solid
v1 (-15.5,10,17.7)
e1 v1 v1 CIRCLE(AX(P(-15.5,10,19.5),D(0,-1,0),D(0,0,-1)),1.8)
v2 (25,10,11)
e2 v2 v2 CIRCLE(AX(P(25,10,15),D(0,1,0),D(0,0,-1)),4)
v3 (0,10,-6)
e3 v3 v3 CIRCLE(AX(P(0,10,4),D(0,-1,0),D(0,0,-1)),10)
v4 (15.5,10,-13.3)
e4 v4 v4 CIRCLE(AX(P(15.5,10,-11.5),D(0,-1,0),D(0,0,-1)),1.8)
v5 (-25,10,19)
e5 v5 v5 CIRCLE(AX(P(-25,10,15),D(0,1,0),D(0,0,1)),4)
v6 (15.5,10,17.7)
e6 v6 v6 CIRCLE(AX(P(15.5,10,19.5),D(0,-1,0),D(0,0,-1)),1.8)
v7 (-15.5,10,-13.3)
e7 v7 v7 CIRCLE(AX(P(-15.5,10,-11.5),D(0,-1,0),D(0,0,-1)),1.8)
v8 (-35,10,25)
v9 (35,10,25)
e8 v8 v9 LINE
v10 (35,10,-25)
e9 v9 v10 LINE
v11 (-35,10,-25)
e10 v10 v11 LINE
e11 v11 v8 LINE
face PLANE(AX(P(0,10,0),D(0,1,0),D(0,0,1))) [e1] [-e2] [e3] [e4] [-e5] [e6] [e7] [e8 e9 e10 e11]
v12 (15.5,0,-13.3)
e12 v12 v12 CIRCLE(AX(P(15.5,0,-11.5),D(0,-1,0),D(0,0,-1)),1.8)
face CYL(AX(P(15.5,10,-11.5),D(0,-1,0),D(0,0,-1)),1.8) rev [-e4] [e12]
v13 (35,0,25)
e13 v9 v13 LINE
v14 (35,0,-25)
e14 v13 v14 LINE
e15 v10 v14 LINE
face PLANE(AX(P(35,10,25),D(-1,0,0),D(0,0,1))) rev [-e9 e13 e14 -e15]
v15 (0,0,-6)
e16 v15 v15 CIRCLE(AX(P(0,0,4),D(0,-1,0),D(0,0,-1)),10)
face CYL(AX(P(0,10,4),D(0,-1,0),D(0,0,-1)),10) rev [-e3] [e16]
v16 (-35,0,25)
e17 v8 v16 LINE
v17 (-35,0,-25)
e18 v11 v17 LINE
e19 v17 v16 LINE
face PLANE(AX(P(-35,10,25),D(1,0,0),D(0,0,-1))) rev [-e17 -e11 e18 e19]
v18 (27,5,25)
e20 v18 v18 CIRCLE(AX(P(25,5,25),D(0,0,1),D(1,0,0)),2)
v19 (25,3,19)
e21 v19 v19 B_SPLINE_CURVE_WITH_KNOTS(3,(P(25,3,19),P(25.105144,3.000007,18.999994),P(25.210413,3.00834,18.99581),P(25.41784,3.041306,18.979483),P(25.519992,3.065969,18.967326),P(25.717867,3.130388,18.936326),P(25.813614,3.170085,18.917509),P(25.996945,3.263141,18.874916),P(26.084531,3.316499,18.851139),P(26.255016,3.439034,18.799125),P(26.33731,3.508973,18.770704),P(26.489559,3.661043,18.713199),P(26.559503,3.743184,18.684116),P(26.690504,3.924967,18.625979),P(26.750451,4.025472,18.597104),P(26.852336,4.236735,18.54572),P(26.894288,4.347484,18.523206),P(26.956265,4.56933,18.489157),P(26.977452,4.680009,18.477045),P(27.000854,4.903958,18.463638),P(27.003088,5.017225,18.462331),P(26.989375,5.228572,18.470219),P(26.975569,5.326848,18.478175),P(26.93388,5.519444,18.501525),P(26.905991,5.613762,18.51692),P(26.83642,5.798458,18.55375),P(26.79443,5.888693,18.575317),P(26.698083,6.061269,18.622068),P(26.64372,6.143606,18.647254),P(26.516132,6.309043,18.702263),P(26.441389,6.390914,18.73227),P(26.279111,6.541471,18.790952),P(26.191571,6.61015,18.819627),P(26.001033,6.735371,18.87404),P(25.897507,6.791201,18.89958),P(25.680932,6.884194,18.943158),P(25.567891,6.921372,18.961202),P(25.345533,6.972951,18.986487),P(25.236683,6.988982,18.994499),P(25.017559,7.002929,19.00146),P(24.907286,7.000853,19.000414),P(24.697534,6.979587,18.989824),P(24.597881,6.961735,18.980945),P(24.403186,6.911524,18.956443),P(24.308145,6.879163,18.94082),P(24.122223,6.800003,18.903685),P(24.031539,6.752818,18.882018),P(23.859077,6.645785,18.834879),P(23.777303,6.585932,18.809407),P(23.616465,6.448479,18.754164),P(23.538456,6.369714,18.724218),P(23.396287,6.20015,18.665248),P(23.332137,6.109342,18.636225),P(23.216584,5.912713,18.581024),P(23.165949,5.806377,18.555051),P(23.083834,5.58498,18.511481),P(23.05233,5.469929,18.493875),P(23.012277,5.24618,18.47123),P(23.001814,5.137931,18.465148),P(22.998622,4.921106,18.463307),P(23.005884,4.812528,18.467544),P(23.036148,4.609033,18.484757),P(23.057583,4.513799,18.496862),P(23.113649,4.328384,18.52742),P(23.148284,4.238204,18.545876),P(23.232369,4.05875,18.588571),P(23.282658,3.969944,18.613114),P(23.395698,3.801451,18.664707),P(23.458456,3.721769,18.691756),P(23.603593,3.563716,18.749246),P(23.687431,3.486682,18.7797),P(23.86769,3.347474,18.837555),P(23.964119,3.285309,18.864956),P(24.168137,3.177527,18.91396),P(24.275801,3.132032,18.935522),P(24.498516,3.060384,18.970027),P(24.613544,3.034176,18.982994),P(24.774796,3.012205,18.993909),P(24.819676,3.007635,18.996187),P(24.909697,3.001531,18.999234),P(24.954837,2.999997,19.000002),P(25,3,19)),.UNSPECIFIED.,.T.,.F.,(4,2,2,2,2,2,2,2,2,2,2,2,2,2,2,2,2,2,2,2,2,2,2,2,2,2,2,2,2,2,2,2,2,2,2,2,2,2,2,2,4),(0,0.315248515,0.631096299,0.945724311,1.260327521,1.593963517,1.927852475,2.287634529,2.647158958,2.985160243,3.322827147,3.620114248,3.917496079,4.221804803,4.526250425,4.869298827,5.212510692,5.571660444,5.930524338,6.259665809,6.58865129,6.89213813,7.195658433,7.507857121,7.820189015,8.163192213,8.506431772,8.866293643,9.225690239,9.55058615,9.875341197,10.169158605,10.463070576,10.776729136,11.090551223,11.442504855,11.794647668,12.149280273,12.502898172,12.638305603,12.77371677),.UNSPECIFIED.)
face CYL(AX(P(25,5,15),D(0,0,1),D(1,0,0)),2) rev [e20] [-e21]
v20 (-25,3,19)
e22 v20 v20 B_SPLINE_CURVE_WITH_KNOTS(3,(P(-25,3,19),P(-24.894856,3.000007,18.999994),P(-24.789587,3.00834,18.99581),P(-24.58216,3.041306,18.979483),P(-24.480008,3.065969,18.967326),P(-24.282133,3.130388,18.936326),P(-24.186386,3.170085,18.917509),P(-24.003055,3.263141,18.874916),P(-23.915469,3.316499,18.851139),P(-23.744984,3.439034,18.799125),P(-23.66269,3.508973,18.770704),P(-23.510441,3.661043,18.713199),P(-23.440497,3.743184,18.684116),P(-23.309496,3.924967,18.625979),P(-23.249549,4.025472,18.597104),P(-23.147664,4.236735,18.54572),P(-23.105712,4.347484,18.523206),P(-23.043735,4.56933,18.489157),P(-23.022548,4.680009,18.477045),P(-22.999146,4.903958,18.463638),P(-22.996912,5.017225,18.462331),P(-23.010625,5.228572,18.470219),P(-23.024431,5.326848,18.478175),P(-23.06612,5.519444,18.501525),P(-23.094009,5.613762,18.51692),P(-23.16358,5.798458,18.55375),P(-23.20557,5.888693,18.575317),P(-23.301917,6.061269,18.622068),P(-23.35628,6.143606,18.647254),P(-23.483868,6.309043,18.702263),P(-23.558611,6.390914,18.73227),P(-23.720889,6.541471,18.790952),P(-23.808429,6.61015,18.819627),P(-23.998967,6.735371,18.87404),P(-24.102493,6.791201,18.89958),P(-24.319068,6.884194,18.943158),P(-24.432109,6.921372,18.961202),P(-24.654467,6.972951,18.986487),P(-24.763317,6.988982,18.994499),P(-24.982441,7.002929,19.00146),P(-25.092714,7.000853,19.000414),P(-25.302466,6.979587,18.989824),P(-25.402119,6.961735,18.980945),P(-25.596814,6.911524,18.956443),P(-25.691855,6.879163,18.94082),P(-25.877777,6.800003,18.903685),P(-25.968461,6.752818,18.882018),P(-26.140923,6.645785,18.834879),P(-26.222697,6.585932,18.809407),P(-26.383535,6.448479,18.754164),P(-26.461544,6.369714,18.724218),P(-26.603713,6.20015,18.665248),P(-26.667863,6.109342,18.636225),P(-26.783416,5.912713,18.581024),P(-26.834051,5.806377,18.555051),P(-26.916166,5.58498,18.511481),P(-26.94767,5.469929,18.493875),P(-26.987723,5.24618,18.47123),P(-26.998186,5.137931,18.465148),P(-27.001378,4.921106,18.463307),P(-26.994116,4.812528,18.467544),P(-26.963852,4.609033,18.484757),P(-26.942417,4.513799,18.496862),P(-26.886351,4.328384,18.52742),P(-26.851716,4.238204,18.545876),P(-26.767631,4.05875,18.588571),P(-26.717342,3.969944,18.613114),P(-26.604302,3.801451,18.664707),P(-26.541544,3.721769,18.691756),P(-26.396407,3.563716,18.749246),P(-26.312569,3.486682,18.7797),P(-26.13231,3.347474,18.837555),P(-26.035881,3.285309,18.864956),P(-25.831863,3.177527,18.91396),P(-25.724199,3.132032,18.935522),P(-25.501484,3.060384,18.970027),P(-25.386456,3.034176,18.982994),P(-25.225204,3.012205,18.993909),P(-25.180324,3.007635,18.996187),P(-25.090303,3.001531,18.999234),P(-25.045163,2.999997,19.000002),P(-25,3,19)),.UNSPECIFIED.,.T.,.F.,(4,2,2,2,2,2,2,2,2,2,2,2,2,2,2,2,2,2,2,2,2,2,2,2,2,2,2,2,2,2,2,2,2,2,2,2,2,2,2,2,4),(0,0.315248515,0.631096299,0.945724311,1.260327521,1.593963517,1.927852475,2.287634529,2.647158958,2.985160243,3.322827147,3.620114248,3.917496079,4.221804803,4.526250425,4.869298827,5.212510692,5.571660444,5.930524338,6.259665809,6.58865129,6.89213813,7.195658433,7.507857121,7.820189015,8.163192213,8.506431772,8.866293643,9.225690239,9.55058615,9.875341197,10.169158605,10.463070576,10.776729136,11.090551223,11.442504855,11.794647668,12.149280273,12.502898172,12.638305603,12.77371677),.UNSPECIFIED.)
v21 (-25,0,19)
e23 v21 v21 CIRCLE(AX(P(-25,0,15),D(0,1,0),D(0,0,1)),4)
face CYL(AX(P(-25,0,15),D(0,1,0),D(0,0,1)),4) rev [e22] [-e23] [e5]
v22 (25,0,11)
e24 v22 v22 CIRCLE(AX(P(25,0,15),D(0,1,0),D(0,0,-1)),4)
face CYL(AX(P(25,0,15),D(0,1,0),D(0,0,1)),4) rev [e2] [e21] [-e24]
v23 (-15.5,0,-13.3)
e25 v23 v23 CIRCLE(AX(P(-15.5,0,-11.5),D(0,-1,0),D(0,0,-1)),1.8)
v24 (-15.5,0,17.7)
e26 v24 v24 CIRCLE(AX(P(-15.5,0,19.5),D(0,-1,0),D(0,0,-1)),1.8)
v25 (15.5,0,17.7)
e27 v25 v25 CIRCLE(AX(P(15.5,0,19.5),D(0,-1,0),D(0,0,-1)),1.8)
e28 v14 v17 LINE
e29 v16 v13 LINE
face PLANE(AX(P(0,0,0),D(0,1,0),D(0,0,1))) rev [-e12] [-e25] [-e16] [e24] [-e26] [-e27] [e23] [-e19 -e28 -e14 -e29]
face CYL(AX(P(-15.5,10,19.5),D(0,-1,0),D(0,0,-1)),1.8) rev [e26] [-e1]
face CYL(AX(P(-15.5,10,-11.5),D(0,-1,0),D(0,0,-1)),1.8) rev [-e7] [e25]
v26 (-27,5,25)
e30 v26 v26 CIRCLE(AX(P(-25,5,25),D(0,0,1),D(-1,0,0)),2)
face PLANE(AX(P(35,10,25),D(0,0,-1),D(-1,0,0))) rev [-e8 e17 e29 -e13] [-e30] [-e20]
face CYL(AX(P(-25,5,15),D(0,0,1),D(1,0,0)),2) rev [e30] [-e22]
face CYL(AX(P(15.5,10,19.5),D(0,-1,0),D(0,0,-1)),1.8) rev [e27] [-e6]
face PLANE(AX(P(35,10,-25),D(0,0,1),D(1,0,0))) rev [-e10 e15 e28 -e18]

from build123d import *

# Parameters (mm, degrees)
SKETCH2_W           = 70
SKETCH2_H           = 50
BOSS_EXTRUDE1_DEPTH = 10
SKETCH3_R           = 4
CUT_EXTRUDE1_DEPTH  = 11
SKETCH4_R           = 1.8
CUT_EXTRUDE2_DEPTH  = 11
SKETCH5_R           = 10
CUT_EXTRUDE3_DEPTH  = 11
SKETCH6_R           = 2
CUT_EXTRUDE5_DEPTH  = 10


with BuildPart() as part:
    # Sketch2 → Boss-Extrude1 (new body)
    with BuildSketch(Plane(origin=(0, 0, 0), x_dir=(1, 0, 0), z_dir=(0, 1, 0))):
        Rectangle(SKETCH2_W, SKETCH2_H)
    extrude(amount=BOSS_EXTRUDE1_DEPTH)

    # Sketch3 → Cut-Extrude1 (cut, through all)
    with BuildSketch(Plane(origin=(0, 10, 0), x_dir=(1, 0, 0), z_dir=(0, 1, 0))):
        with Locations((-25, -15)):
            Circle(SKETCH3_R)
        with Locations((25, -15)):
            Circle(SKETCH3_R)
    extrude(amount=-CUT_EXTRUDE1_DEPTH, mode=Mode.SUBTRACT)

    # Sketch4 → Cut-Extrude2 (cut, through all)
    with BuildSketch(Plane.XZ):
        with Locations((-15.5, 19.5)):
            Circle(SKETCH4_R)
        with Locations((-15.5, -11.5)):
            Circle(SKETCH4_R)
        with Locations((15.5, -11.5)):
            Circle(SKETCH4_R)
        with Locations((15.5, 19.5)):
            Circle(SKETCH4_R)
    extrude(amount=-CUT_EXTRUDE2_DEPTH, mode=Mode.SUBTRACT)

    # Sketch5 → Cut-Extrude3 (cut, through all)
    with BuildSketch(Plane.XZ):
        with Locations((0, 4)):
            Circle(SKETCH5_R)
    extrude(amount=-CUT_EXTRUDE3_DEPTH, mode=Mode.SUBTRACT)

    # Sketch6 → Cut-Extrude5 (cut)
    with BuildSketch(Plane.XY.offset(25)):
        with Locations((25, 5)):
            Circle(SKETCH6_R)
        with Locations((-25, 5)):
            Circle(SKETCH6_R)
    extrude(amount=-CUT_EXTRUDE5_DEPTH, mode=Mode.SUBTRACT)


solid = part.part
